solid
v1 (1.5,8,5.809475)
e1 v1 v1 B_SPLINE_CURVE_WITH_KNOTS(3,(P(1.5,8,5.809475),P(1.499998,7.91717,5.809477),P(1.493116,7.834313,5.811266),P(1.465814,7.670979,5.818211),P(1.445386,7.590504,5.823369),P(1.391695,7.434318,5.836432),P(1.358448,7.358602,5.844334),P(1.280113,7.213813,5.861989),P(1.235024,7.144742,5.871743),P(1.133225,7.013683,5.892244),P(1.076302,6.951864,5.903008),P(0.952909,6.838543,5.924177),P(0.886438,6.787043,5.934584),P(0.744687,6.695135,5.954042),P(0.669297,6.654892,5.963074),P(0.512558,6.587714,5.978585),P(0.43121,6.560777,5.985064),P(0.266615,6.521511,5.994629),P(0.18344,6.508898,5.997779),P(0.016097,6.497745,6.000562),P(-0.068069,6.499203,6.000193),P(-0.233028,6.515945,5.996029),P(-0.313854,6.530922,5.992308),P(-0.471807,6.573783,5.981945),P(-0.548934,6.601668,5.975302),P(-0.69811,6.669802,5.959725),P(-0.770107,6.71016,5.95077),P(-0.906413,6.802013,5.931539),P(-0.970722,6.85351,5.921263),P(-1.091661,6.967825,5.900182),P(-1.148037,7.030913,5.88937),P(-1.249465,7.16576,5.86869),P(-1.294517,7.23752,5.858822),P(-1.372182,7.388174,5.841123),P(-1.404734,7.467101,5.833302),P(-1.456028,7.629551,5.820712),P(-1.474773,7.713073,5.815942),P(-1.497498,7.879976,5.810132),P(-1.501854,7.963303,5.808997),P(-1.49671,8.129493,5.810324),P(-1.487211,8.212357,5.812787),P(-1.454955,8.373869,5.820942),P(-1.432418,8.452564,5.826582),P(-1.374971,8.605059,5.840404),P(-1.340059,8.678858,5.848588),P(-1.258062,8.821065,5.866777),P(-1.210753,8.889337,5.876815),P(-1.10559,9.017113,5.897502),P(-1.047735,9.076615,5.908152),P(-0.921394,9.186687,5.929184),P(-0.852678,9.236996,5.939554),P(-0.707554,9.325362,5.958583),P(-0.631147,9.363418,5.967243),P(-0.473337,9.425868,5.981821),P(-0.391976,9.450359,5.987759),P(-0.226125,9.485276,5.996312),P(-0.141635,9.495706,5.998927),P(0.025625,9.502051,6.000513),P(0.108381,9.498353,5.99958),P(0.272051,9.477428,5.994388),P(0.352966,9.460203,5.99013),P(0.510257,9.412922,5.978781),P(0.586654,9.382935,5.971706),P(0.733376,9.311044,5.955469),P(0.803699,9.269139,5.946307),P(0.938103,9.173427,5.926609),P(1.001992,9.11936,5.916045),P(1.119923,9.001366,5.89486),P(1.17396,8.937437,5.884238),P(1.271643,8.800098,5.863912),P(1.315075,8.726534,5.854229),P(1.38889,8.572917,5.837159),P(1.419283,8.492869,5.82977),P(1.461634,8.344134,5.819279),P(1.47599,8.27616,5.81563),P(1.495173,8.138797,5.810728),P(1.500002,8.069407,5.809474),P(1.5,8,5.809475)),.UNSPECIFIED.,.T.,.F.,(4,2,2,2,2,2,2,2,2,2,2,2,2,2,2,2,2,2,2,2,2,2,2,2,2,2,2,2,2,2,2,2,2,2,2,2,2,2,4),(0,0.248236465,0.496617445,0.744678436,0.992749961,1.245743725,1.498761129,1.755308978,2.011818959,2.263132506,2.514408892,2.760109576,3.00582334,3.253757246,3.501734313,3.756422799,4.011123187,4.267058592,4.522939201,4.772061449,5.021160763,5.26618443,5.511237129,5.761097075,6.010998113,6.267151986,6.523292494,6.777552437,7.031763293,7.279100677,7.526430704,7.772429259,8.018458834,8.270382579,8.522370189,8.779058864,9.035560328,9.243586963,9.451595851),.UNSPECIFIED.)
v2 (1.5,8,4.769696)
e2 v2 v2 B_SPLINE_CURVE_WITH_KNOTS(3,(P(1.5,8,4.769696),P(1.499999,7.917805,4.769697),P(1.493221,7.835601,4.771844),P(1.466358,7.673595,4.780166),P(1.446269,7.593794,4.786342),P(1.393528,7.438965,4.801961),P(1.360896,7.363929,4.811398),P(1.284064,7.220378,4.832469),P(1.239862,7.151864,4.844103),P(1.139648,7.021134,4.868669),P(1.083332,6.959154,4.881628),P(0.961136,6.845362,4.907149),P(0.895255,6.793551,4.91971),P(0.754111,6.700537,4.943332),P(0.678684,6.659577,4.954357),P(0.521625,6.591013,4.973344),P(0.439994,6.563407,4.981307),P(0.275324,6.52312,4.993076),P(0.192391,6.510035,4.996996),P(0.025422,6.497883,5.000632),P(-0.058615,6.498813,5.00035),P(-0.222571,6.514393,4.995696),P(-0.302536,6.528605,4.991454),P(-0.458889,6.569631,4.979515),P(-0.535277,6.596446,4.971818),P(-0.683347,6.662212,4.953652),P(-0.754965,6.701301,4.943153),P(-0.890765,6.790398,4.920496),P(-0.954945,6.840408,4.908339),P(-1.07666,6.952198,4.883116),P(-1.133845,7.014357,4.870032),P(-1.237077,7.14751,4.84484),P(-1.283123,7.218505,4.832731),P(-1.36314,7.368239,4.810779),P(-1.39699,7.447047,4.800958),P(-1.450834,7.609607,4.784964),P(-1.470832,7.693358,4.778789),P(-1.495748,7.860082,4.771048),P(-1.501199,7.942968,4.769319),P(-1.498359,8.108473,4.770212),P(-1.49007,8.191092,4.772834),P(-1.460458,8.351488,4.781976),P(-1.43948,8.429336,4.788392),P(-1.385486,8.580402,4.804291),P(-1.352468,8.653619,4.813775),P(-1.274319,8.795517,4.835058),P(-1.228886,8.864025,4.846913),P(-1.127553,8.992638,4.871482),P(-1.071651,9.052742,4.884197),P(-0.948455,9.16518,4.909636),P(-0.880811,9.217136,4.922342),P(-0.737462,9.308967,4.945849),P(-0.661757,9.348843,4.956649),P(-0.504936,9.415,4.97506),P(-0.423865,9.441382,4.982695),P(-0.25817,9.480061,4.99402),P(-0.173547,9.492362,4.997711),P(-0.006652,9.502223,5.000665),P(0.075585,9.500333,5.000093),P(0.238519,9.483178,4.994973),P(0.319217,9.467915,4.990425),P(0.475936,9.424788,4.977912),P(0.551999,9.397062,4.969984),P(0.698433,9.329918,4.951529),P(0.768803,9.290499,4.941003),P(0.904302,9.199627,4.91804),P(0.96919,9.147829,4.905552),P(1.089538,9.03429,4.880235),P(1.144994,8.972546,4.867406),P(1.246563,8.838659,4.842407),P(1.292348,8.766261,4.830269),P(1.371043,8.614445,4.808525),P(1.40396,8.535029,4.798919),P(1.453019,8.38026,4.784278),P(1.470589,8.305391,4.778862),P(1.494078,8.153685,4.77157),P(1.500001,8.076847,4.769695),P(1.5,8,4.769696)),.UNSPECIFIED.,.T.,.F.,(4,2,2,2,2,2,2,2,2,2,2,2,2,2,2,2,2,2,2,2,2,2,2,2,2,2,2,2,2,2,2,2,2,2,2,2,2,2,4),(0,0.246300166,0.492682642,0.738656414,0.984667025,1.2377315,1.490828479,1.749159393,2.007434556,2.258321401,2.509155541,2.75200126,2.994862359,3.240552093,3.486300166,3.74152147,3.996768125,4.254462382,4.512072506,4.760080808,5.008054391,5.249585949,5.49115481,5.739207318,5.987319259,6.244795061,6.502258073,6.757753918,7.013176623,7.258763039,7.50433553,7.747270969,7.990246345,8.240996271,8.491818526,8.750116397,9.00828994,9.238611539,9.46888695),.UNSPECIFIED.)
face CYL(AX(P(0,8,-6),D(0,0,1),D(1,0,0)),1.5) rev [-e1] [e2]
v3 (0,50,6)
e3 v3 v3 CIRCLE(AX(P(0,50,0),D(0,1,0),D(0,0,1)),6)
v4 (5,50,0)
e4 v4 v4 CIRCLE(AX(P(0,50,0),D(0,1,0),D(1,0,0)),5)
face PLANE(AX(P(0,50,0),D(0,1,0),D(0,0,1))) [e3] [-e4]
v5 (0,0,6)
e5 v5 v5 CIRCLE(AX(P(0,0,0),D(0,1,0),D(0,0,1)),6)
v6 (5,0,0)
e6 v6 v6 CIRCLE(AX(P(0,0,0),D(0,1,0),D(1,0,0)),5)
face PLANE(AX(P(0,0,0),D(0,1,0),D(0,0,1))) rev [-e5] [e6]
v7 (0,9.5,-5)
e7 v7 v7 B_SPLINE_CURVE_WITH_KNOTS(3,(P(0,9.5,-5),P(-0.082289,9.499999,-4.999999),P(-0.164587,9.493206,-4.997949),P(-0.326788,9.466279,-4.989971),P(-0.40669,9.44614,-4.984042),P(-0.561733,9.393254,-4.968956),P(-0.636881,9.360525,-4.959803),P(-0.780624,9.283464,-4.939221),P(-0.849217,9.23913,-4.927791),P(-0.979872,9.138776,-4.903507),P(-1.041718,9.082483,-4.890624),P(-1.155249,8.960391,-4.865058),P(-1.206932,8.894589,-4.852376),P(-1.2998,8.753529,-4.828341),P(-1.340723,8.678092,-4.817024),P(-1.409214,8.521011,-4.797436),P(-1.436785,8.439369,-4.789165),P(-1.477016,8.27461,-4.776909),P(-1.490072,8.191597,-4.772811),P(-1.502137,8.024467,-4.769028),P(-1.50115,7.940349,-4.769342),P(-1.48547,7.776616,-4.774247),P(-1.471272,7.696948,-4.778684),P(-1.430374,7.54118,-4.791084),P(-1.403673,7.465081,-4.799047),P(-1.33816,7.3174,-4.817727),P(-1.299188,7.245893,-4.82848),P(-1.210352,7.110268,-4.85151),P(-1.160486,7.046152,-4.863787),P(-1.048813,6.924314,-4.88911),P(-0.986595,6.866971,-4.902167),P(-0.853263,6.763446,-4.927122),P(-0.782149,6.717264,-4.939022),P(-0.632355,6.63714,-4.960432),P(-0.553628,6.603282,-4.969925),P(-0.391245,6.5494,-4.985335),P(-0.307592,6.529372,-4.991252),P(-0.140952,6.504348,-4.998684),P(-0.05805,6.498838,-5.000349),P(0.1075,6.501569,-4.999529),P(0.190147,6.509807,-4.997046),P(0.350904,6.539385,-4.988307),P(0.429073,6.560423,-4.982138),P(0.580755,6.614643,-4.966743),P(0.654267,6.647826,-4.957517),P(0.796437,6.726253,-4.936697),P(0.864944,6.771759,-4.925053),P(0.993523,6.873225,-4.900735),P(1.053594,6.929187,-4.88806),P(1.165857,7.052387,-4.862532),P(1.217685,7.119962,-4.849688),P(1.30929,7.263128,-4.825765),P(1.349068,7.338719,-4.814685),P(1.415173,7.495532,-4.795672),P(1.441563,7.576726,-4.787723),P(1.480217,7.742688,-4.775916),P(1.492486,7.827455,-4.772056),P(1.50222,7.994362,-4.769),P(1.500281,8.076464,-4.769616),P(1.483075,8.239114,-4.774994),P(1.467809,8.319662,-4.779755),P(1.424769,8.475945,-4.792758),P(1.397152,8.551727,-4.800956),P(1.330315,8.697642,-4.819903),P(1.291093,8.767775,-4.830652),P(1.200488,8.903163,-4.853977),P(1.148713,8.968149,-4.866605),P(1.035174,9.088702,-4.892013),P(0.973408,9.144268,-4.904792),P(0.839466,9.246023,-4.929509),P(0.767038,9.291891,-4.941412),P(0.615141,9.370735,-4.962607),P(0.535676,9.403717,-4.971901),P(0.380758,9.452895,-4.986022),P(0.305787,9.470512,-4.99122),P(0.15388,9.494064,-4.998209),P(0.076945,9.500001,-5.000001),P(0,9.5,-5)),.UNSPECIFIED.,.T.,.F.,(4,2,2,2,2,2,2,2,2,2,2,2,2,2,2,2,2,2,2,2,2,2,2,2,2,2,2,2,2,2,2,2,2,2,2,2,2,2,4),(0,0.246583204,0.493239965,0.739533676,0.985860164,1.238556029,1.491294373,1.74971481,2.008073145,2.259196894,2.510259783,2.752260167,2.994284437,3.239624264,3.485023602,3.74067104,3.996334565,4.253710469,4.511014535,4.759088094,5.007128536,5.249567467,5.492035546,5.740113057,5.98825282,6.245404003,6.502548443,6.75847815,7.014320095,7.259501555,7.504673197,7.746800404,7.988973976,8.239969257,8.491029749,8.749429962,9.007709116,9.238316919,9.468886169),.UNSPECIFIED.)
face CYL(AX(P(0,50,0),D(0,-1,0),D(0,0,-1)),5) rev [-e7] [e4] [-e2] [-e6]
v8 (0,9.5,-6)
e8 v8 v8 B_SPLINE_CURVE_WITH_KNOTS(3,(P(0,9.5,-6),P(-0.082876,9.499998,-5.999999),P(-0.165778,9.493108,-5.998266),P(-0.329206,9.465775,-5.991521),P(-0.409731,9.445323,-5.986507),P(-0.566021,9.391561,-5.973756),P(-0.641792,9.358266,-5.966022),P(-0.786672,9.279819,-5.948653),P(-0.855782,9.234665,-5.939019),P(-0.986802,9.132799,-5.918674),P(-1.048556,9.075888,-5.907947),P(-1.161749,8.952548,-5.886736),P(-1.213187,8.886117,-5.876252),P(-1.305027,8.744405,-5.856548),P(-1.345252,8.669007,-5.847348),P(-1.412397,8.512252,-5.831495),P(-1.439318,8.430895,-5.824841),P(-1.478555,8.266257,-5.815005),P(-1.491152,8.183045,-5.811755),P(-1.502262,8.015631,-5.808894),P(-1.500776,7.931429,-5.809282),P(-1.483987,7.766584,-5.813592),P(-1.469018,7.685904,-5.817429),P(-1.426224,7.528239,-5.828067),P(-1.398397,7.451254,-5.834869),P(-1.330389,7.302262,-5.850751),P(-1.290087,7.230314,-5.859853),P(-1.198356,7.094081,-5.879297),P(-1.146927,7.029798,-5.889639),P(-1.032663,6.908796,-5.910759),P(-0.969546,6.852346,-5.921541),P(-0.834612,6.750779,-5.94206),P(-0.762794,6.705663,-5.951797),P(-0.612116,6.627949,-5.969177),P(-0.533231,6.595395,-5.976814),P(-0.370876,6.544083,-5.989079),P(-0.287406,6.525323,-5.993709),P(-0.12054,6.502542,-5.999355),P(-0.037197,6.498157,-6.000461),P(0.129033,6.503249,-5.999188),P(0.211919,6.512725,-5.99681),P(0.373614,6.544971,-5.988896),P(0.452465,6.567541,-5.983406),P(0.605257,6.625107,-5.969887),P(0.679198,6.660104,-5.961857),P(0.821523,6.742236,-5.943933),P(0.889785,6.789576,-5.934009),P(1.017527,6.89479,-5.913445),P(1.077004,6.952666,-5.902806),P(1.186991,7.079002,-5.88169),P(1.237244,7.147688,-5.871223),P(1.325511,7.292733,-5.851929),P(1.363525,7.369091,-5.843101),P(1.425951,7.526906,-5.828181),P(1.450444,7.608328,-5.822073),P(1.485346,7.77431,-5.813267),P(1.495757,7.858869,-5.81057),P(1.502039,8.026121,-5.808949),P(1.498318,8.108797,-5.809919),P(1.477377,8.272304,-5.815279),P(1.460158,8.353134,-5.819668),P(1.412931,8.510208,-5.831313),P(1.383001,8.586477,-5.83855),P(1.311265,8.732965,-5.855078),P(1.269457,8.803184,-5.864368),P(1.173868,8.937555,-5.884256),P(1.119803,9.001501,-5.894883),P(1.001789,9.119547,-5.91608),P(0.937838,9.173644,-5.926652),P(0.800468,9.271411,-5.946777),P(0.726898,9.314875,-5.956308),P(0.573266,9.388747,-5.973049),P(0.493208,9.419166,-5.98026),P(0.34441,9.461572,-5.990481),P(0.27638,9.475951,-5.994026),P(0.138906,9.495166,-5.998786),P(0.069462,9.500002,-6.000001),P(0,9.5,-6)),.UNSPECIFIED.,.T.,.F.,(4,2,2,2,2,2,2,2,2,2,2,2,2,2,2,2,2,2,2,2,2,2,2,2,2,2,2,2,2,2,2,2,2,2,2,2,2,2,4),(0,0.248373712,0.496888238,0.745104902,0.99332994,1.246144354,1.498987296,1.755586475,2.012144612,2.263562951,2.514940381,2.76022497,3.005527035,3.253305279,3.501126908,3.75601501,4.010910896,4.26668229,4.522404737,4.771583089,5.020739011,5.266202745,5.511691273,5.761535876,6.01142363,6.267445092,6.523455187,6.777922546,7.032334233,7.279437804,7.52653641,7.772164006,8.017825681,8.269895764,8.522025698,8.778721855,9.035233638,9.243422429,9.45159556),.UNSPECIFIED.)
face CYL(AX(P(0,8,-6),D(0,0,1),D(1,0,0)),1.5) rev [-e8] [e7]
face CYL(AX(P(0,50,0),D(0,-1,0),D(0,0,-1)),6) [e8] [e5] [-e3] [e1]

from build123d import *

# Parameters (mm, degrees)
SKETCH1_R               = 6
SKETCH1_R_2             = 5
EXTRUDE_THIN1_DEPTH     = 50
SKETCH2_R               = 1.5
CUT_EXTRUDE1_DEPTH      = 7
CUT_EXTRUDE1_DEPTH_BACK = 7


with BuildPart() as part:
    # Sketch1 → Extrude-Thin1 (new body)
    with BuildSketch(Plane(origin=(0, 0, 0), x_dir=(1, 0, 0), z_dir=(0, 1, 0))):
        Circle(SKETCH1_R)
        Circle(SKETCH1_R_2, mode=Mode.SUBTRACT)
    extrude(amount=EXTRUDE_THIN1_DEPTH)

    # Sketch2 → Cut-Extrude1 (cut, two sides)
    with BuildSketch(Plane.XY) as cut_extrude1_sk:
        with Locations((0, 8)):
            Circle(SKETCH2_R)
    extrude(amount=CUT_EXTRUDE1_DEPTH, mode=Mode.SUBTRACT)
    extrude(cut_extrude1_sk.sketch, amount=-CUT_EXTRUDE1_DEPTH_BACK, mode=Mode.SUBTRACT)


solid = part.part
